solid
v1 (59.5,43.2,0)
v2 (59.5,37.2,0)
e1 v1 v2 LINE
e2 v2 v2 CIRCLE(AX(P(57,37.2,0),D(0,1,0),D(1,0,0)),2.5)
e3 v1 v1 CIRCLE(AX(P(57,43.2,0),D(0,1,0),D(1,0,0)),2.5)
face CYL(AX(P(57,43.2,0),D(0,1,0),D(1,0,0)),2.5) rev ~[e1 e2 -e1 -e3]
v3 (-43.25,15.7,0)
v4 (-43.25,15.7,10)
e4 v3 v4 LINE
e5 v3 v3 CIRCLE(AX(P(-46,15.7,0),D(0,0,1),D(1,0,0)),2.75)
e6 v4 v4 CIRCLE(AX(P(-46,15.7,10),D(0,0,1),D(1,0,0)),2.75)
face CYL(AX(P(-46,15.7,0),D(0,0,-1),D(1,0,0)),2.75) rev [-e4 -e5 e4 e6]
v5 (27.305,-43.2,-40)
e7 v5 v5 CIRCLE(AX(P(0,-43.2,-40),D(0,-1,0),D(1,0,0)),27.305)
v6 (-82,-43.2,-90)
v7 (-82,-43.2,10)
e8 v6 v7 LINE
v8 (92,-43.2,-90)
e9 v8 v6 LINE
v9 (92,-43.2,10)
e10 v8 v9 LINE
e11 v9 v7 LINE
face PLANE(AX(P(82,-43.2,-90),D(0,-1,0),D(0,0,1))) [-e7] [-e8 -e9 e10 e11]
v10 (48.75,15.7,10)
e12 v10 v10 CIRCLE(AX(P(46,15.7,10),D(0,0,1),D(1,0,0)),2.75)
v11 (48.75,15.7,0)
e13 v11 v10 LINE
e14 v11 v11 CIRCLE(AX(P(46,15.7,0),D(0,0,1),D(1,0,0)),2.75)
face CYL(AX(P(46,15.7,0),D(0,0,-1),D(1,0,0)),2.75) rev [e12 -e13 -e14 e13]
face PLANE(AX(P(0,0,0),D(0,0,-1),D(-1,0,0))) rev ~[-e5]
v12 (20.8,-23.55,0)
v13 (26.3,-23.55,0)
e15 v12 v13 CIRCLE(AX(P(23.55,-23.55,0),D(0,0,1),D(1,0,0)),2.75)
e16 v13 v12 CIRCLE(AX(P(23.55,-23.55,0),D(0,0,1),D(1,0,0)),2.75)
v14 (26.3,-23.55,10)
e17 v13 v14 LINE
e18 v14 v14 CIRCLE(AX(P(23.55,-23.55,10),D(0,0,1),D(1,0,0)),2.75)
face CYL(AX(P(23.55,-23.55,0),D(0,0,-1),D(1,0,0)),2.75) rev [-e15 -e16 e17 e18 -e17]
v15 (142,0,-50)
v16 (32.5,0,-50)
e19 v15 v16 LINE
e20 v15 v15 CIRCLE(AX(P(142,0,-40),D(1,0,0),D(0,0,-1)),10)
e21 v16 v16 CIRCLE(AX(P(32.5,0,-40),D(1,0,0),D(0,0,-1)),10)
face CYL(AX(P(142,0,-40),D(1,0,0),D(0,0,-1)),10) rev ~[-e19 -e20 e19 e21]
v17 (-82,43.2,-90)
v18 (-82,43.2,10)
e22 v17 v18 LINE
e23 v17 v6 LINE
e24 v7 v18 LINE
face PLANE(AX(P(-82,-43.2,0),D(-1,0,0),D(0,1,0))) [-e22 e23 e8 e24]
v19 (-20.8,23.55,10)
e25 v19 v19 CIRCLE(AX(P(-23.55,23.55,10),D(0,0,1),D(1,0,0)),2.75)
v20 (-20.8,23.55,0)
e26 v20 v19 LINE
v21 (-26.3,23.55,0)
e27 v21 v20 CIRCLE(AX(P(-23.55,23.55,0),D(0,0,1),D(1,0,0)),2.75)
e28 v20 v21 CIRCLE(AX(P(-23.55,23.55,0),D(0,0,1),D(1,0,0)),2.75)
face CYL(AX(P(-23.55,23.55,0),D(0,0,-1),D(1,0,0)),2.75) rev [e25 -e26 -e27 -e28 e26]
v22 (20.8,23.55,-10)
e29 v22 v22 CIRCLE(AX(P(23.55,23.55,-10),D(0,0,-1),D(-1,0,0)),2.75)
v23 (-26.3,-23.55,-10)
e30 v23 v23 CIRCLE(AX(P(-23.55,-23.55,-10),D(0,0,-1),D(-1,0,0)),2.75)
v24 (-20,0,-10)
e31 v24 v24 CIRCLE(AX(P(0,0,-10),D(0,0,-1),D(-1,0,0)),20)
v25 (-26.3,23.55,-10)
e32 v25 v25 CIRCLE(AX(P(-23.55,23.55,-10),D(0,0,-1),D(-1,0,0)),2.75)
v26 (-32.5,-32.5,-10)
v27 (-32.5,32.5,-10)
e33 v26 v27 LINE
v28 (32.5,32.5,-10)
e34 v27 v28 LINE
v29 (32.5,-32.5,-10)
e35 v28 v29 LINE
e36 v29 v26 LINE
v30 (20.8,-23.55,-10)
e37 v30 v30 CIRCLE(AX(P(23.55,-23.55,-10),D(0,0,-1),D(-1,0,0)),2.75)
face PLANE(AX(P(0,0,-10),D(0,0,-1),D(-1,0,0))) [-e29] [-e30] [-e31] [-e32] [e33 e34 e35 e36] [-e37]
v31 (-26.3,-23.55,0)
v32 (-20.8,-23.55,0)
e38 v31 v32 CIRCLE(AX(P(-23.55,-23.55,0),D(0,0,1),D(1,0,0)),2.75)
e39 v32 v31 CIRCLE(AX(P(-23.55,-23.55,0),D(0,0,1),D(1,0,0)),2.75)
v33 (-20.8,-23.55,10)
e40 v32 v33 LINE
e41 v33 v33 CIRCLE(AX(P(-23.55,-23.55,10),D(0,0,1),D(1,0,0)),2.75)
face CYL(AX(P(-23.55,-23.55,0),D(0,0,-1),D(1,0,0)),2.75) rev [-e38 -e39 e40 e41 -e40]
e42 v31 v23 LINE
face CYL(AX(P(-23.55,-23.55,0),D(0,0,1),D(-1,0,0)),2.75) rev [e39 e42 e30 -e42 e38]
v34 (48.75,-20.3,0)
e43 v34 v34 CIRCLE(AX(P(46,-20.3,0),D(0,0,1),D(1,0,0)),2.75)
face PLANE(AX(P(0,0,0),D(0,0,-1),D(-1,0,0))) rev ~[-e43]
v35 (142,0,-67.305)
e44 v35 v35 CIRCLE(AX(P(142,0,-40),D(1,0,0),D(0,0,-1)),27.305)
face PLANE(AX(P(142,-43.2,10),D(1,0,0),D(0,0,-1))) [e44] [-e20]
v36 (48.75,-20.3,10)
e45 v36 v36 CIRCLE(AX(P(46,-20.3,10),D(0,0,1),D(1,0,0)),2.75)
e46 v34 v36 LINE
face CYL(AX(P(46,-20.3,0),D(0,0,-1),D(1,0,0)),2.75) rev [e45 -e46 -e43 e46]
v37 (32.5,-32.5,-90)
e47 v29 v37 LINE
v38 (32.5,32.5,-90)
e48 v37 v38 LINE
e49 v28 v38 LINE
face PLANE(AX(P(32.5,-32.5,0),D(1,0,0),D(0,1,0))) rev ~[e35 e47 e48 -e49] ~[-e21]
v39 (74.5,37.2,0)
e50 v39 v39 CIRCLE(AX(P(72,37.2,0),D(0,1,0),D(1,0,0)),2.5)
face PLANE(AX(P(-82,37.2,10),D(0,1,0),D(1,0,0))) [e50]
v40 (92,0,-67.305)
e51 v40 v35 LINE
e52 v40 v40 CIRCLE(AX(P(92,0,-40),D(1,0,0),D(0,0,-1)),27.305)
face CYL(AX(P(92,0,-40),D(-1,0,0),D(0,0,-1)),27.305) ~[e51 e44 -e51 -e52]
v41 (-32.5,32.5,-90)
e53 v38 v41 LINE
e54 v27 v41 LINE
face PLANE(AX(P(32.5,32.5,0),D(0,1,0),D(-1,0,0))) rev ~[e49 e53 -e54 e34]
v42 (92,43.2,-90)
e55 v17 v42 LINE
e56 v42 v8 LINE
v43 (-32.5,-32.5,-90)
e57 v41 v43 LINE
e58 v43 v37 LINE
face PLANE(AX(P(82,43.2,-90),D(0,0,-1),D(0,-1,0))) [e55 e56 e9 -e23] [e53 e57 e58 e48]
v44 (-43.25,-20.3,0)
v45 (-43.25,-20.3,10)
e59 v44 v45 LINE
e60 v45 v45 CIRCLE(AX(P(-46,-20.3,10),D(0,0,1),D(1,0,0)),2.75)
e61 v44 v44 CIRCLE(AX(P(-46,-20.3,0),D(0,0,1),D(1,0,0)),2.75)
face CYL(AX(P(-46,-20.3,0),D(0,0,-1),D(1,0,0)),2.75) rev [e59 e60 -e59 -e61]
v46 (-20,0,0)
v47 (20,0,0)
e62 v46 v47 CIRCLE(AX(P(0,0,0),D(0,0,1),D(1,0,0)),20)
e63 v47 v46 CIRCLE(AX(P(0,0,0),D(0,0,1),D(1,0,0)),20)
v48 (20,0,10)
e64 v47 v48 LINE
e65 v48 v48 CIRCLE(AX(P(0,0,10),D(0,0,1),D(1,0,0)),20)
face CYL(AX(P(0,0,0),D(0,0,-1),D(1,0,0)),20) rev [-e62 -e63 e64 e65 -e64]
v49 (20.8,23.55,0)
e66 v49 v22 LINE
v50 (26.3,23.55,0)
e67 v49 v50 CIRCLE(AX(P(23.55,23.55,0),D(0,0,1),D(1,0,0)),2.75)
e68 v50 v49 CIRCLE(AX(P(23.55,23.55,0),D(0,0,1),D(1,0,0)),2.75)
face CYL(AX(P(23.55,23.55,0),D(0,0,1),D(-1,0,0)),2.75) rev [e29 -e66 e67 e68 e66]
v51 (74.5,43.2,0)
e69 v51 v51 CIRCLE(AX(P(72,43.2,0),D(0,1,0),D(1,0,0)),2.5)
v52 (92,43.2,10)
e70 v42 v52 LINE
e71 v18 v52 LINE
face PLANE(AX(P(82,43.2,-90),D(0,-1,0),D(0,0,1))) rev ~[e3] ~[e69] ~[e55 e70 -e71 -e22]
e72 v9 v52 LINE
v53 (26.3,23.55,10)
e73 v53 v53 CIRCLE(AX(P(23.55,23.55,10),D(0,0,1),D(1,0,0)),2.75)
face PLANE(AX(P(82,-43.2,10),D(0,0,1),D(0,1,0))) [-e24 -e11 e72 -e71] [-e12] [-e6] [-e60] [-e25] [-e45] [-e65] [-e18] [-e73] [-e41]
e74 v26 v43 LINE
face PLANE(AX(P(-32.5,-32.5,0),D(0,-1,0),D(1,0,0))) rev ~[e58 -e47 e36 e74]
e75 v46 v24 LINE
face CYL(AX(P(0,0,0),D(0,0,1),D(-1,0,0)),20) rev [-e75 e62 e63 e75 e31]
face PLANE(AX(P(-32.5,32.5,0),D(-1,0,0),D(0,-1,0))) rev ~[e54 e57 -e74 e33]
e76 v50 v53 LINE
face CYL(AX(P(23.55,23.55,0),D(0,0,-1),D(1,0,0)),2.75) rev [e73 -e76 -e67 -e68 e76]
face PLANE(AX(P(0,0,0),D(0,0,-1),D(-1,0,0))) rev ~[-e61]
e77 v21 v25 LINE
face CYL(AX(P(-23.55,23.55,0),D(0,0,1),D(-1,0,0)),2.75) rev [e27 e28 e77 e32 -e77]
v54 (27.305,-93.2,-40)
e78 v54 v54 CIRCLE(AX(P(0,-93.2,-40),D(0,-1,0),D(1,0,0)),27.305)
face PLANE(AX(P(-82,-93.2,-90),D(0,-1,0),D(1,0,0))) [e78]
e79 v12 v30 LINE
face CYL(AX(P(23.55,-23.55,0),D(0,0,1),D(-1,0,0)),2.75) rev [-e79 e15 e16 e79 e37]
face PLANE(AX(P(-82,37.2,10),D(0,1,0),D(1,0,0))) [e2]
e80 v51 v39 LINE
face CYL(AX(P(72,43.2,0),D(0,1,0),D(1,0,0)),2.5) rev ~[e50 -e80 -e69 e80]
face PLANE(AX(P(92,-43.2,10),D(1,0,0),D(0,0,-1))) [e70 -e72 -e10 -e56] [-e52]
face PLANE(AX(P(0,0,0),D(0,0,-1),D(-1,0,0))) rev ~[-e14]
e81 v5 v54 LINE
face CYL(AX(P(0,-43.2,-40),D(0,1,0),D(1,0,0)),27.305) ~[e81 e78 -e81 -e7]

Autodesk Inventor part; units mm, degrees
ref_plane "YZ Plane" through (0, 0, 0) normal (1, 0, 0) x (0, 1, 0)
ref_plane "XZ Plane" through (0, 0, 0) normal (0, 1, 0) x (-1, 0, 0)
ref_plane "XY Plane" through (0, 0, 0) normal (0, 0, 1) x (1, 0, 0)
sketch "Sketch1" plane through (0, 0, 0) normal (0, 0, 1) x (1, 0, 0)
  line L0 (-23.55, 23.55) -> (23.55, 23.55) construction
  line L1 (23.55, 23.55) -> (23.55, -23.55) construction
  line L2 (23.55, -23.55) -> (-23.55, -23.55) construction
  line L3 (-23.55, -23.55) -> (-23.55, 23.55) construction
  line L4 (0, 23.55) -> (0, -23.55) construction
  line L5 (-23.55, 0) -> (23.55, 0) construction
  circle A0 centre (-23.55, 23.55) radius 2.75
  circle A1 centre (23.55, 23.55) radius 2.75
  circle A2 centre (-23.55, -23.55) radius 2.75
  circle A3 centre (23.55, -23.55) radius 2.75
  circle A4 centre (0, 0) radius 20
  line L6 (-28.2, 28.2) -> (28.2, 28.2) construction
  line L7 (28.2, 28.2) -> (28.2, -28.2) construction
  line L8 (28.2, -28.2) -> (-28.2, -28.2) construction
  line L9 (-28.2, -28.2) -> (-28.2, 28.2) construction
  line L10 (-28.2, 0) -> (28.2, 0) construction
  line L11 (0, -28.2) -> (0, 28.2) construction
  line L12 (-60, 21.2) -> (-32, 21.2) construction
  line L13 (-32, 21.2) -> (-32, -25.8) construction
  line L14 (-32, -25.8) -> (-60, -25.8) construction
  line L15 (-60, -25.8) -> (-60, 21.2) construction
  line L16 (-46, 21.2) -> (-46, -25.8) construction
  line L17 (-60, -2.3) -> (-32, -2.3) construction
  circle A5 centre (-46, 15.7) radius 2.75
  circle A6 centre (-46, -20.3) radius 2.75
  line L18 (60, 21.2) -> (32, 21.2) construction
  line L19 (32, 21.2) -> (32, -25.8) construction
  line L20 (32, -25.8) -> (60, -25.8) construction
  line L21 (60, -25.8) -> (60, 21.2) construction
  line L22 (46, 21.2) -> (46, -25.8) construction
  line L23 (60, -2.3) -> (32, -2.3) construction
  circle A7 centre (46, 15.7) radius 2.75
  circle A8 centre (46, -20.3) radius 2.75
  line L24 (-82, 43.2) -> (82, 43.2)
  line L25 (82, 43.2) -> (82, -43.2)
  line L26 (82, -43.2) -> (-82, -43.2)
  line L27 (-82, -43.2) -> (-82, 43.2)
  point P0 (0, 0)
  dimension "d0" = 47.1
  dimension "d1" = 47.1
  dimension "d2" = 5.5
  dimension "d4" = 40
  dimension "d5" = 56.4
  dimension "d6" = 56.4
  dimension "d9" = 46
  dimension "d10" = 47
  dimension "d11" = 28
  dimension "d12" = 5.5
  dimension "d13" = 36
  dimension "d14" = 22
  dimension "d15" = 15
  dimension "d18" = 2.3
extrude "Extrusion1" add sketch "Sketch1" along normal blind 10
sketch "Sketch2" plane through (0, 0, 0) normal (0, 0, -1) x (-1, 0, 0)
  line L0 (32.5, -32.5) -> (-32.5, -32.5)
  line L1 (-32.5, -32.5) -> (-32.5, 32.5)
  line L2 (-32.5, 32.5) -> (32.5, 32.5)
  line L3 (32.5, 32.5) -> (32.5, -32.5)
  line L4 (0, 32.5) -> (0, -32.5) construction
  line L5 (-32.5, 0) -> (32.5, 0) construction
  line L6 (-82, -43.2) -> (-82, 43.2) projected
  line L7 (82, -43.2) -> (-82, -43.2) projected
  line L8 (-82, 43.2) -> (82, 43.2)
  line L9 (82, 43.2) -> (82, -43.2)
  line L10 (82, -43.2) -> (-82, -43.2)
  line L11 (-82, -43.2) -> (-82, 43.2)
  point P0 (0, 0)
  point P1 (0, 0)
  dimension "d19" = 65
  dimension "d20" = 65
extrude "Extrusion2" add sketch "Sketch2" along normal blind 90
sketch "Sketch3" plane through (0, 0, 0) normal (0, 0, -1) x (-1, 0, 0)
  line L0 (32.5, -32.5) -> (32.5, 32.5) projected
  line L1 (32.5, 32.5) -> (-32.5, 32.5) projected
  line L2 (-32.5, 32.5) -> (-32.5, -32.5) projected
  line L3 (-32.5, -32.5) -> (32.5, -32.5) projected
  circle A0 centre (23.55, 23.55) radius 2.75 projected
  circle A1 centre (-23.55, 23.55) radius 2.75 projected
  circle A2 centre (23.55, -23.55) radius 2.75 projected
  circle A3 centre (-23.55, -23.55) radius 2.75 projected
  circle A4 centre (0, 0) radius 20 projected
extrude "Extrusion3" add sketch "Sketch3" along normal blind 10
sketch "Sketch8" plane through (82, -43.2, 10) normal (1, 0, 0) x (0, 0, -1)
  line L0 (100, 86.4) -> (0, 86.4) projected
  line L1 (0, 0) -> (0, 86.4) projected
  line L2 (100, 0) -> (0, 0) projected
  line L3 (100, 86.4) -> (100, 0) projected
  point P0 (10, 43.2)
extrude "Extrusion8" add sketch "Sketch8" along normal blind 10
sketch "Sketch9" plane through (92, -43.2, 10) normal (1, 0, 0) x (0, 0, -1)
  line L0 (100, 86.4) -> (0, 86.4) construction
  line L1 (50, 86.4) -> (50, 0) construction
  line L2 (0, 0) -> (100, 0) construction
  line L3 (100, 75.7) -> (100, 10.7) construction
  line L4 (100, 43.2) -> (0, 43.2) construction
  line L5 (0, 23.2) -> (0, 63.2) construction
  circle A0 centre (50, 43.2) radius 27.305
  point P0 (10, 43.2)
  dimension "d38" = 54.61
extrude "Extrusion9" add sketch "Sketch9" along normal blind 50
sketch "Sketch10" plane through (-82, -43.2, -90) normal (0, -1, 0) x (1, 0, 0)
  line L0 (0, 0) -> (0, 100) construction
  line L1 (0, 50) -> (174, 50) construction
  line L2 (174, 100) -> (174, 0) construction
  line L3 (62, 100) -> (102, 100) construction
  line L4 (82, 100) -> (82, 0) construction
  line L5 (49.5, 0) -> (114.5, 0) construction
  circle A0 centre (82, 50) radius 27.305
  point P0 (82, 90)
  dimension "d41" = 54.61
extrude "Extrusion10" add sketch "Sketch10" along normal blind 50
sketch "Sketch11" plane through (142, 0, -40) normal (1, 0, 0) x (0, 0, -1)
  circle A0 centre (0, 0) radius 27.305 construction
  circle A1 centre (0, 0) radius 10
  point P0 (-40, 0)
  dimension "d44" = 20
extrude "Extrusion11" cut sketch "Sketch11" against normal up to surface (109.5 mm away)
sketch "Sketch12" plane through (-82, 43.2, 10) normal (0, 1, 0) x (1, 0, 0)
  line L0 (174, 100) -> (174, 0) construction
  line L1 (174, 0) -> (154, 0) construction
  line L2 (154, 0) -> (154, 10) construction
  line L3 (154, 10) -> (174, 10) construction
  line L4 (174, 10) -> (174, 0) construction
  line L5 (154, 10) -> (139, 10) construction
  line L6 (139, 10) -> (139, 0) construction
  line L7 (0, 0) -> (174, 0) construction
  circle A0 centre (154, 10) radius 2.5
  circle A1 centre (139, 10) radius 2.5
  point P0 (82, 10)
  dimension "d47" = 20
  dimension "d48" = 10
  dimension "d49" = 15
  dimension "d50" = 5
  dimension "d51" = 5
extrude "Extrusion12" cut sketch "Sketch12" against normal blind 6
properties part number "driver_L"
